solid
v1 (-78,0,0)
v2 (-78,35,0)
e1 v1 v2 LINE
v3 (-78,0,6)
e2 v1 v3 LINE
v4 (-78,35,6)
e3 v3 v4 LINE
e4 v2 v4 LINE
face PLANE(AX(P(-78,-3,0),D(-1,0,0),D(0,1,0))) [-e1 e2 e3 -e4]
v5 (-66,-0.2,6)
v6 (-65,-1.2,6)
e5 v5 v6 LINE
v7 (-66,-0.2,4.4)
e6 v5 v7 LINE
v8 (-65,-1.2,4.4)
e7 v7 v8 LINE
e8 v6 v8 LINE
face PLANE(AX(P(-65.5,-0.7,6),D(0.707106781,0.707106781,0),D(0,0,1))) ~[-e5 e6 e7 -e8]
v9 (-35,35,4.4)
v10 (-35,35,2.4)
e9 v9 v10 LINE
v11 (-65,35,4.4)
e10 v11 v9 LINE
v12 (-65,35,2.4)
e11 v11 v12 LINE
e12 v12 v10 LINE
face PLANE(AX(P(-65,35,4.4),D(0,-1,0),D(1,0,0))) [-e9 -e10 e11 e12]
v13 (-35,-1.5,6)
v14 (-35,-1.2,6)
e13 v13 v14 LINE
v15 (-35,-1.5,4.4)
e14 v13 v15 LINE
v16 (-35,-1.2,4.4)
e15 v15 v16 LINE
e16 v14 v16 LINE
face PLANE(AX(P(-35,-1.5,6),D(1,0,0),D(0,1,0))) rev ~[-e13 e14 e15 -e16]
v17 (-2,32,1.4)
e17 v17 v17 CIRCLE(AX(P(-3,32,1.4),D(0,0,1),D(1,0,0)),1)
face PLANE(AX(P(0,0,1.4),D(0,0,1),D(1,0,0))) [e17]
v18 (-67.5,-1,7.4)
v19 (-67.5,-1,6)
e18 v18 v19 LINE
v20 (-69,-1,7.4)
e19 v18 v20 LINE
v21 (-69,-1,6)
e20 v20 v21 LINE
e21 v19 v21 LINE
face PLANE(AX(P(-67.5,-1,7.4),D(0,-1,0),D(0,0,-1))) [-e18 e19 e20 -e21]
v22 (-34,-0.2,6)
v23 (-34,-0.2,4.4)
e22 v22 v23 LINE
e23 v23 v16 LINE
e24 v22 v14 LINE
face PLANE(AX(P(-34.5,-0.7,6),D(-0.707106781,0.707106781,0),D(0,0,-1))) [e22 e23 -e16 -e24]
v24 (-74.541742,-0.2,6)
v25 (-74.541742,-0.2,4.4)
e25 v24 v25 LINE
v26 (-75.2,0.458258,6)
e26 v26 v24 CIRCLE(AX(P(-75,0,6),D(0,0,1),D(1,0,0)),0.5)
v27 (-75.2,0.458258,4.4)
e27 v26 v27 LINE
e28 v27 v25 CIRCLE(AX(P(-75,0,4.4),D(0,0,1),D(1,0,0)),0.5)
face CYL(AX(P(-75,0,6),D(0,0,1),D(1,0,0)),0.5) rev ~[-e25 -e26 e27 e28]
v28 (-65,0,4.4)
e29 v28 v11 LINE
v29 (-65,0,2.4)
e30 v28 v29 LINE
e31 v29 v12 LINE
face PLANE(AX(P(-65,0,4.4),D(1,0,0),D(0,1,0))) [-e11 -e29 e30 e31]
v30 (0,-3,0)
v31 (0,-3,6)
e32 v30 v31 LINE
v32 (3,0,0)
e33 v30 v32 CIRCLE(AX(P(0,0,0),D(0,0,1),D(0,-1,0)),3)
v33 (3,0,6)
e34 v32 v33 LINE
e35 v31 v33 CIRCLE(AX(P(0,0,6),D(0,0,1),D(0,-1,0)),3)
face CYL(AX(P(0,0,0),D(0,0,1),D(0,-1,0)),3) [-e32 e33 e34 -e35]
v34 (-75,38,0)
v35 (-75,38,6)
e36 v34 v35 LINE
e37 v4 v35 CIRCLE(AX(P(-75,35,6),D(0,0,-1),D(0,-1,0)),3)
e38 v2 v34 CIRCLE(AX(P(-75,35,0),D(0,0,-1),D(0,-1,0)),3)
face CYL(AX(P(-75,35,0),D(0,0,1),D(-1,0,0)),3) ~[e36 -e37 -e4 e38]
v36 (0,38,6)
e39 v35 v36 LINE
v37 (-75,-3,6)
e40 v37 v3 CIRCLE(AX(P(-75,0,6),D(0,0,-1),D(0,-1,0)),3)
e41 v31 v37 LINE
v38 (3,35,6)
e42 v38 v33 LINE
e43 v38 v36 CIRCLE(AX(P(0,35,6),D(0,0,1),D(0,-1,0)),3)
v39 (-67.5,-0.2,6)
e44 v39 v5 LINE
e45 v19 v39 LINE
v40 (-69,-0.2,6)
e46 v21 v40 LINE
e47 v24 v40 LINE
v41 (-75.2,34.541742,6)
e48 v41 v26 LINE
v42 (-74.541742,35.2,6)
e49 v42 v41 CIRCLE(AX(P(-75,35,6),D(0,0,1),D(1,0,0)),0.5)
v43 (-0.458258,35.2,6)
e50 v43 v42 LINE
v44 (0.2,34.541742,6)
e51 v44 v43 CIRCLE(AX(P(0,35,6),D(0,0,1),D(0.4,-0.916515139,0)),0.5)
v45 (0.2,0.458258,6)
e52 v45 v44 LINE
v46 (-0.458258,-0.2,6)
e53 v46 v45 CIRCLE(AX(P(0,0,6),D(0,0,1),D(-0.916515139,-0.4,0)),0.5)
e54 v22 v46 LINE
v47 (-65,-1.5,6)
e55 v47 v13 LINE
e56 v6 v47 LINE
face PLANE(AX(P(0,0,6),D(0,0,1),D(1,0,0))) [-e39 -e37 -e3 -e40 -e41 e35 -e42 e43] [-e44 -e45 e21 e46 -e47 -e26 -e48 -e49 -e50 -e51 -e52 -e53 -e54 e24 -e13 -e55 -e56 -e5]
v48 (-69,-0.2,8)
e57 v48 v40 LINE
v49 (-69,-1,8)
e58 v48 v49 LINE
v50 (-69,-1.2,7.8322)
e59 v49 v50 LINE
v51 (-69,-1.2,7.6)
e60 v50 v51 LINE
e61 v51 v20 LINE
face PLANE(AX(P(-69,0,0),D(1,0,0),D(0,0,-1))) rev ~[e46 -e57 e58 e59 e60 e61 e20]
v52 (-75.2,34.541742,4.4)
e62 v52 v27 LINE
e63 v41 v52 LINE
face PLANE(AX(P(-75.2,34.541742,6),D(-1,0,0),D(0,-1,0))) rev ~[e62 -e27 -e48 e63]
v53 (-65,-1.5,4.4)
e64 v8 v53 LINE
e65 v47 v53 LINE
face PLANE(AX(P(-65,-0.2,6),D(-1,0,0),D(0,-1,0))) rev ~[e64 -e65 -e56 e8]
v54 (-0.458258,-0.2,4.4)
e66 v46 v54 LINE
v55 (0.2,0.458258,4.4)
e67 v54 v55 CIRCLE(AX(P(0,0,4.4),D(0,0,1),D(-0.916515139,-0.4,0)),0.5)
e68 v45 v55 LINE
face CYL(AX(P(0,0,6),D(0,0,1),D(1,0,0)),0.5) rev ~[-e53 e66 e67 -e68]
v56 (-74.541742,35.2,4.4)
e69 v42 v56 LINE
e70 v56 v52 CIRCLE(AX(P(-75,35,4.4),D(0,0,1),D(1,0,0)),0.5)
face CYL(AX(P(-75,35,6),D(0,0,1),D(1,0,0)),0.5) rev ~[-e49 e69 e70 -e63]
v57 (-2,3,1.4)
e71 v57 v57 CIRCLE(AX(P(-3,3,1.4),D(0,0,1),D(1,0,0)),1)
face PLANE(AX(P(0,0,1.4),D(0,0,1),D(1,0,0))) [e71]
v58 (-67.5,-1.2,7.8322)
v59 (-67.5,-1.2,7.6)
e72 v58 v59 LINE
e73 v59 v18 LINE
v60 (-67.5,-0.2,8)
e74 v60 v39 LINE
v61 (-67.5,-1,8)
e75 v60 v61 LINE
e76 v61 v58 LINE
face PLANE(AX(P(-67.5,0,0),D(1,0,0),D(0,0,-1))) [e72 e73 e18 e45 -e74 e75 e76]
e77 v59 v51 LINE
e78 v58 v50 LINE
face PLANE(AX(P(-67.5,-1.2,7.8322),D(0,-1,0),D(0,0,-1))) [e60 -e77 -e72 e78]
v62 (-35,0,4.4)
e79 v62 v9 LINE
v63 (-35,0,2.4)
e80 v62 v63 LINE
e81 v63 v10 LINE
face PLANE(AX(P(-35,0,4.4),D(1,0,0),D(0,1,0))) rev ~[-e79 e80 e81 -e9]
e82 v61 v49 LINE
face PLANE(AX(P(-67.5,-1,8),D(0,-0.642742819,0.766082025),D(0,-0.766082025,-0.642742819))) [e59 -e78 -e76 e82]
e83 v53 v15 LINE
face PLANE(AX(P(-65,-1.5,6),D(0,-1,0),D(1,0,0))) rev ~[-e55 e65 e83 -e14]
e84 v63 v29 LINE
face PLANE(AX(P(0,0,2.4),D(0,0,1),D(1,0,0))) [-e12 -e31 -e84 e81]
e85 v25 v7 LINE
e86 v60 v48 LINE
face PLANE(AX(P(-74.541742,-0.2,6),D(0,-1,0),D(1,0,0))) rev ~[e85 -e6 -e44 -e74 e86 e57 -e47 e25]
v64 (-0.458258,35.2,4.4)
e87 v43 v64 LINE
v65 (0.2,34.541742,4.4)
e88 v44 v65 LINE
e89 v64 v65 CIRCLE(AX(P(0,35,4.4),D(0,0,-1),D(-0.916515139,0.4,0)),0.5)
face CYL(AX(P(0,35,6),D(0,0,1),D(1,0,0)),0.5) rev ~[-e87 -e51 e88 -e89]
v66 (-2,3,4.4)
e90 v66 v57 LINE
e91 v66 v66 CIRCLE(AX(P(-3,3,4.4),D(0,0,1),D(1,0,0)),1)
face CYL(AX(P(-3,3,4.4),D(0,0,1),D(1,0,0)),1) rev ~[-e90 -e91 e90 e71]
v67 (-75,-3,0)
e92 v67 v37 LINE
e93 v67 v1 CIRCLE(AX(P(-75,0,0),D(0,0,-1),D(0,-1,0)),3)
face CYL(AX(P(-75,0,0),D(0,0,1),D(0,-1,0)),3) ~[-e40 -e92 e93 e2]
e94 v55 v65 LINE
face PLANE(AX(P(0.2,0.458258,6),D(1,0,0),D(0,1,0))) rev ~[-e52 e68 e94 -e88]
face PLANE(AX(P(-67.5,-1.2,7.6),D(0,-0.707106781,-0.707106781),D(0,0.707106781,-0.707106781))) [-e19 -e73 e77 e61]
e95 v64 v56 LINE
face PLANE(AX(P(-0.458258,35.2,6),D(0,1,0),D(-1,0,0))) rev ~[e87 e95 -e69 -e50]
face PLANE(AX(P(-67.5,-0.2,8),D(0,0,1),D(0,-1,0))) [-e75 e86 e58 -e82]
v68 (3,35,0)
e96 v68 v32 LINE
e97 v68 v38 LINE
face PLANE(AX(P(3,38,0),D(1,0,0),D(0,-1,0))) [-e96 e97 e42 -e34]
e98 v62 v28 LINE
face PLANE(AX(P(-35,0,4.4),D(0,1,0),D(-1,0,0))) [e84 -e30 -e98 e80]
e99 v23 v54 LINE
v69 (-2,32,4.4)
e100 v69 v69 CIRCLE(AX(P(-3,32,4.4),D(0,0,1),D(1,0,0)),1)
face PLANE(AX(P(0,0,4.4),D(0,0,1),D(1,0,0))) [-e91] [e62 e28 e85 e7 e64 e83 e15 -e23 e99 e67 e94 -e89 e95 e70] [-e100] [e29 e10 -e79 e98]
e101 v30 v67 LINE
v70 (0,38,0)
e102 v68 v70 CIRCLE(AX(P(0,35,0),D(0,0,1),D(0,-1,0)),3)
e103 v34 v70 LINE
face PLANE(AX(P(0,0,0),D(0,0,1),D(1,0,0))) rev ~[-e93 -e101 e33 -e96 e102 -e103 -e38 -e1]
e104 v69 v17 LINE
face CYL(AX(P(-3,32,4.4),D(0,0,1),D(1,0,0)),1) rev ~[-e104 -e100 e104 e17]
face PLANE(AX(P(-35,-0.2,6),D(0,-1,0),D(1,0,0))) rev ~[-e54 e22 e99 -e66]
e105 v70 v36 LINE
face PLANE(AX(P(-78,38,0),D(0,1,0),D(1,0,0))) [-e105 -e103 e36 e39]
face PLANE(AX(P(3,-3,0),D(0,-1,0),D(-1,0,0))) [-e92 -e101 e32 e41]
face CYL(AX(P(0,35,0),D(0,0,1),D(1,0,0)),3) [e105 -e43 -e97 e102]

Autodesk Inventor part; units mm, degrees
ref_plane "YZ Plane" through (0, 0, 0) normal (1, 0, 0) x (0, 1, 0)
ref_plane "XZ Plane" through (0, 0, 0) normal (0, 1, 0) x (-1, 0, 0)
ref_plane "XY Plane" through (0, 0, 0) normal (0, 0, 1) x (1, 0, 0)
sketch "Sketch1" plane through (0, 0, 0) normal (0, 0, 1) x (1, 0, 0)
  line L0 (0, 0) -> (-75, 0)
  line L1 (-75, 0) -> (-75, 35)
  line L2 (-75, 35) -> (0, 35)
  line L3 (0, 35) -> (0, 0)
  line L4 (3, -3) -> (-78, -3)
  line L5 (-78, -3) -> (-78, 38)
  line L6 (-78, 38) -> (3, 38)
  line L7 (3, 38) -> (3, -3)
  line L8 (-37.5, 38) -> (-37.5, 55.2273) construction
  line L9 (-78, 17.5) -> (-92.6498, 17.5) construction
  line L10 (-65, 0) -> (-65, 35)
  line L11 (-35, 0) -> (-35, 35)
  circle A0 centre (-3, 32) radius 1
  circle A1 centre (-3, 3) radius 1
  line L12 (-3, 3) -> (-3, 32) construction
  line L13 (-3, 17.5) -> (-10.1857, 17.5) construction
  circle A2 centre (-75, 35) radius 0.5
  circle A3 centre (0, 35) radius 0.5
  circle A4 centre (-75, 0) radius 0.5
  circle A5 centre (0, 0) radius 0.5
  line L14 (-75.2, 35.2) -> (-75.2, -0.2)
  line L15 (-75.2, -0.2) -> (0.2, -0.2)
  line L16 (0.2, -0.2) -> (0.2, 35.2)
  line L17 (0.2, 35.2) -> (-75.2, 35.2)
  line L18 (-65, 0) -> (-65, -1.5)
  line L19 (-65, -1.5) -> (-35, -1.5)
  line L20 (-35, -1.5) -> (-35, 0)
  point P0 (-0.5, 35)
  point P1 (0, 34.5)
  point P2 (0, 0.5)
  point P3 (-0.5, 0)
  point P4 (-75, 0.5)
  point P5 (-74.5, 0)
  point P6 (-74.5, 35)
  point P7 (-75, 34.5)
  point P8 (0.2, 0.4583)
  point P9 (0.2, 34.5417)
  point P10 (-0.4583, 35.2)
  point P11 (-74.5417, 35.2)
  point P12 (-74.5417, -0.2)
  point P13 (-0.4583, -0.2)
  point P14 (-75.2, 34.5417)
  point P15 (-75.2, 0.4583)
  point P16 (-35, -0.2)
  point P17 (-65, -0.2)
  dimension "d0" = 75
  dimension "d1" = 35
  dimension "d2" = 3
  dimension "d8" = 10
  dimension "d9" = 40
  dimension "d10" = 2
  dimension "d11" = 2
  dimension "d12" = 29
  dimension "d13" = 3
  dimension "d18" = 1
  dimension "d21" = 75
  dimension "d24" = 35
  dimension "d32" = 0.2
  dimension "d33" = 1.5
extrude "Extrusion1" add sketch "Sketch1" along normal blind 6 contours L20 L15 L18 L0 | L11 L2 A3 L3 A5 L0 | L0 L10 L2 L11 | L0 A5 L15 L20 | L18 L15 A4 L0 | L0 A4 L1 A2 L2 L10 | A5 L3 L0 | L0 L3 A5 L16 L15 | L2 A2 L17 A3 | L20 L19 L18 L15 | A4 L15 L14 L1 L0 | L0 L1 A4 | L3 A3 L16 A5 | L15 L16 A5 | A3 L17 L16 L3 L2 | L2 L3 A3 | A4 L14 A2 L1 | A4 L14 L15 | A2 L1 L2 | L2 L1 A2 L14 L17 | A3 L16 L17 | L17 L14 A2 | L4 L5 L6 L7 | A0 | A1
extrude "Extrusion2" cut sketch "Sketch1" against normal blind 1.6 from surface at 6 contours L20 L15 L18 L0 | L11 L2 A3 L3 A5 L0 | L0 L10 L2 L11 | L0 A5 L15 L20 | L18 L15 A4 L0 | L0 A4 L1 A2 L2 L10 | A5 L3 L0 | L0 L3 A5 L16 L15 | L2 A2 L17 A3 | L20 L19 L18 L15 | A4 L15 L14 L1 L0 | L0 L1 A4 | L3 A3 L16 A5 | L15 L16 A5 | A3 L17 L16 L3 L2 | L2 L3 A3 | A4 L14 A2 L1 | A4 L14 L15 | A2 L1 L2 | L2 L1 A2 L14 L17 | A3 L16 L17 | L17 L14 A2 | A0 | A1
extrude "Extrusion3" cut sketch "Sketch1" against normal blind 2 from surface at 4.4 contours L0 L10 L2 L11
extrude "Extrusion4" cut sketch "Sketch1" against normal blind 3 from surface at 4.4 contours A0 | A1
chamfer "Chamfer2" distance 1 angle 45 2 edges at (-65, -0.2, 5.2) (-35, -0.2, 5.2)
fillet "Fillet1" radius 3 4 edges at (3, 38, 3) (-78, 38, 3) (-78, -3, 3) (3, -3, 3)
ref_plane "Work Plane1" through (-37.5, 0, 0) normal (1, 0, 0) x (0, 0, -1)
sketch "Sketch2" plane through (-37.5, 0, 0) normal (1, 0, 0) x (0, 0, -1)
  line L0 (-2.4, 0) -> (-4.4, 0) projected
  line L1 (-4.4, 0) -> (-6, 0)
  line L2 (-6, -3) -> (-6, 0) projected
  line L3 (-6, -1.5) -> (-6, 0)
  line L4 (-8, -0.2) -> (-8, -1)
  line L5 (-8, -1) -> (-6, -1)
  line L6 (-8, -1) -> (-8, -1.2)
  line L7 (-8, -1.2) -> (-7.6, -1.2)
  line L8 (-7.6, -1.2) -> (-7.4, -1)
  line L9 (-8, -1) -> (-7.8322, -1.2)
  line L10 (-8, -0.2) -> (-6, -0.2)
  line L11 (-4.4, -0.2) -> (-6, -0.2) projected
  point P0 (0, 0)
  dimension "d41" = 0.8
  dimension "d42" = 0.2
  dimension "d45" = 45
  dimension "d46" = 50
  dimension "d47" = 0.4
  dimension "d51" = 2
ref_plane "Work Plane2" through (-67.5, 0, 0) normal (1, 0, 0) x (0, 0, -1)
extrude "Extrusion5" add sketch "Sketch2" against normal blind 1.5 from surface at -30 contours L5 L4 L10 L2 | L8 L7 L9 L5
equation "\"d11\" = d10"
equation "\"d21\" = d0"
equation "\"d24\" = d1"
properties part number "scatola_sotto"
